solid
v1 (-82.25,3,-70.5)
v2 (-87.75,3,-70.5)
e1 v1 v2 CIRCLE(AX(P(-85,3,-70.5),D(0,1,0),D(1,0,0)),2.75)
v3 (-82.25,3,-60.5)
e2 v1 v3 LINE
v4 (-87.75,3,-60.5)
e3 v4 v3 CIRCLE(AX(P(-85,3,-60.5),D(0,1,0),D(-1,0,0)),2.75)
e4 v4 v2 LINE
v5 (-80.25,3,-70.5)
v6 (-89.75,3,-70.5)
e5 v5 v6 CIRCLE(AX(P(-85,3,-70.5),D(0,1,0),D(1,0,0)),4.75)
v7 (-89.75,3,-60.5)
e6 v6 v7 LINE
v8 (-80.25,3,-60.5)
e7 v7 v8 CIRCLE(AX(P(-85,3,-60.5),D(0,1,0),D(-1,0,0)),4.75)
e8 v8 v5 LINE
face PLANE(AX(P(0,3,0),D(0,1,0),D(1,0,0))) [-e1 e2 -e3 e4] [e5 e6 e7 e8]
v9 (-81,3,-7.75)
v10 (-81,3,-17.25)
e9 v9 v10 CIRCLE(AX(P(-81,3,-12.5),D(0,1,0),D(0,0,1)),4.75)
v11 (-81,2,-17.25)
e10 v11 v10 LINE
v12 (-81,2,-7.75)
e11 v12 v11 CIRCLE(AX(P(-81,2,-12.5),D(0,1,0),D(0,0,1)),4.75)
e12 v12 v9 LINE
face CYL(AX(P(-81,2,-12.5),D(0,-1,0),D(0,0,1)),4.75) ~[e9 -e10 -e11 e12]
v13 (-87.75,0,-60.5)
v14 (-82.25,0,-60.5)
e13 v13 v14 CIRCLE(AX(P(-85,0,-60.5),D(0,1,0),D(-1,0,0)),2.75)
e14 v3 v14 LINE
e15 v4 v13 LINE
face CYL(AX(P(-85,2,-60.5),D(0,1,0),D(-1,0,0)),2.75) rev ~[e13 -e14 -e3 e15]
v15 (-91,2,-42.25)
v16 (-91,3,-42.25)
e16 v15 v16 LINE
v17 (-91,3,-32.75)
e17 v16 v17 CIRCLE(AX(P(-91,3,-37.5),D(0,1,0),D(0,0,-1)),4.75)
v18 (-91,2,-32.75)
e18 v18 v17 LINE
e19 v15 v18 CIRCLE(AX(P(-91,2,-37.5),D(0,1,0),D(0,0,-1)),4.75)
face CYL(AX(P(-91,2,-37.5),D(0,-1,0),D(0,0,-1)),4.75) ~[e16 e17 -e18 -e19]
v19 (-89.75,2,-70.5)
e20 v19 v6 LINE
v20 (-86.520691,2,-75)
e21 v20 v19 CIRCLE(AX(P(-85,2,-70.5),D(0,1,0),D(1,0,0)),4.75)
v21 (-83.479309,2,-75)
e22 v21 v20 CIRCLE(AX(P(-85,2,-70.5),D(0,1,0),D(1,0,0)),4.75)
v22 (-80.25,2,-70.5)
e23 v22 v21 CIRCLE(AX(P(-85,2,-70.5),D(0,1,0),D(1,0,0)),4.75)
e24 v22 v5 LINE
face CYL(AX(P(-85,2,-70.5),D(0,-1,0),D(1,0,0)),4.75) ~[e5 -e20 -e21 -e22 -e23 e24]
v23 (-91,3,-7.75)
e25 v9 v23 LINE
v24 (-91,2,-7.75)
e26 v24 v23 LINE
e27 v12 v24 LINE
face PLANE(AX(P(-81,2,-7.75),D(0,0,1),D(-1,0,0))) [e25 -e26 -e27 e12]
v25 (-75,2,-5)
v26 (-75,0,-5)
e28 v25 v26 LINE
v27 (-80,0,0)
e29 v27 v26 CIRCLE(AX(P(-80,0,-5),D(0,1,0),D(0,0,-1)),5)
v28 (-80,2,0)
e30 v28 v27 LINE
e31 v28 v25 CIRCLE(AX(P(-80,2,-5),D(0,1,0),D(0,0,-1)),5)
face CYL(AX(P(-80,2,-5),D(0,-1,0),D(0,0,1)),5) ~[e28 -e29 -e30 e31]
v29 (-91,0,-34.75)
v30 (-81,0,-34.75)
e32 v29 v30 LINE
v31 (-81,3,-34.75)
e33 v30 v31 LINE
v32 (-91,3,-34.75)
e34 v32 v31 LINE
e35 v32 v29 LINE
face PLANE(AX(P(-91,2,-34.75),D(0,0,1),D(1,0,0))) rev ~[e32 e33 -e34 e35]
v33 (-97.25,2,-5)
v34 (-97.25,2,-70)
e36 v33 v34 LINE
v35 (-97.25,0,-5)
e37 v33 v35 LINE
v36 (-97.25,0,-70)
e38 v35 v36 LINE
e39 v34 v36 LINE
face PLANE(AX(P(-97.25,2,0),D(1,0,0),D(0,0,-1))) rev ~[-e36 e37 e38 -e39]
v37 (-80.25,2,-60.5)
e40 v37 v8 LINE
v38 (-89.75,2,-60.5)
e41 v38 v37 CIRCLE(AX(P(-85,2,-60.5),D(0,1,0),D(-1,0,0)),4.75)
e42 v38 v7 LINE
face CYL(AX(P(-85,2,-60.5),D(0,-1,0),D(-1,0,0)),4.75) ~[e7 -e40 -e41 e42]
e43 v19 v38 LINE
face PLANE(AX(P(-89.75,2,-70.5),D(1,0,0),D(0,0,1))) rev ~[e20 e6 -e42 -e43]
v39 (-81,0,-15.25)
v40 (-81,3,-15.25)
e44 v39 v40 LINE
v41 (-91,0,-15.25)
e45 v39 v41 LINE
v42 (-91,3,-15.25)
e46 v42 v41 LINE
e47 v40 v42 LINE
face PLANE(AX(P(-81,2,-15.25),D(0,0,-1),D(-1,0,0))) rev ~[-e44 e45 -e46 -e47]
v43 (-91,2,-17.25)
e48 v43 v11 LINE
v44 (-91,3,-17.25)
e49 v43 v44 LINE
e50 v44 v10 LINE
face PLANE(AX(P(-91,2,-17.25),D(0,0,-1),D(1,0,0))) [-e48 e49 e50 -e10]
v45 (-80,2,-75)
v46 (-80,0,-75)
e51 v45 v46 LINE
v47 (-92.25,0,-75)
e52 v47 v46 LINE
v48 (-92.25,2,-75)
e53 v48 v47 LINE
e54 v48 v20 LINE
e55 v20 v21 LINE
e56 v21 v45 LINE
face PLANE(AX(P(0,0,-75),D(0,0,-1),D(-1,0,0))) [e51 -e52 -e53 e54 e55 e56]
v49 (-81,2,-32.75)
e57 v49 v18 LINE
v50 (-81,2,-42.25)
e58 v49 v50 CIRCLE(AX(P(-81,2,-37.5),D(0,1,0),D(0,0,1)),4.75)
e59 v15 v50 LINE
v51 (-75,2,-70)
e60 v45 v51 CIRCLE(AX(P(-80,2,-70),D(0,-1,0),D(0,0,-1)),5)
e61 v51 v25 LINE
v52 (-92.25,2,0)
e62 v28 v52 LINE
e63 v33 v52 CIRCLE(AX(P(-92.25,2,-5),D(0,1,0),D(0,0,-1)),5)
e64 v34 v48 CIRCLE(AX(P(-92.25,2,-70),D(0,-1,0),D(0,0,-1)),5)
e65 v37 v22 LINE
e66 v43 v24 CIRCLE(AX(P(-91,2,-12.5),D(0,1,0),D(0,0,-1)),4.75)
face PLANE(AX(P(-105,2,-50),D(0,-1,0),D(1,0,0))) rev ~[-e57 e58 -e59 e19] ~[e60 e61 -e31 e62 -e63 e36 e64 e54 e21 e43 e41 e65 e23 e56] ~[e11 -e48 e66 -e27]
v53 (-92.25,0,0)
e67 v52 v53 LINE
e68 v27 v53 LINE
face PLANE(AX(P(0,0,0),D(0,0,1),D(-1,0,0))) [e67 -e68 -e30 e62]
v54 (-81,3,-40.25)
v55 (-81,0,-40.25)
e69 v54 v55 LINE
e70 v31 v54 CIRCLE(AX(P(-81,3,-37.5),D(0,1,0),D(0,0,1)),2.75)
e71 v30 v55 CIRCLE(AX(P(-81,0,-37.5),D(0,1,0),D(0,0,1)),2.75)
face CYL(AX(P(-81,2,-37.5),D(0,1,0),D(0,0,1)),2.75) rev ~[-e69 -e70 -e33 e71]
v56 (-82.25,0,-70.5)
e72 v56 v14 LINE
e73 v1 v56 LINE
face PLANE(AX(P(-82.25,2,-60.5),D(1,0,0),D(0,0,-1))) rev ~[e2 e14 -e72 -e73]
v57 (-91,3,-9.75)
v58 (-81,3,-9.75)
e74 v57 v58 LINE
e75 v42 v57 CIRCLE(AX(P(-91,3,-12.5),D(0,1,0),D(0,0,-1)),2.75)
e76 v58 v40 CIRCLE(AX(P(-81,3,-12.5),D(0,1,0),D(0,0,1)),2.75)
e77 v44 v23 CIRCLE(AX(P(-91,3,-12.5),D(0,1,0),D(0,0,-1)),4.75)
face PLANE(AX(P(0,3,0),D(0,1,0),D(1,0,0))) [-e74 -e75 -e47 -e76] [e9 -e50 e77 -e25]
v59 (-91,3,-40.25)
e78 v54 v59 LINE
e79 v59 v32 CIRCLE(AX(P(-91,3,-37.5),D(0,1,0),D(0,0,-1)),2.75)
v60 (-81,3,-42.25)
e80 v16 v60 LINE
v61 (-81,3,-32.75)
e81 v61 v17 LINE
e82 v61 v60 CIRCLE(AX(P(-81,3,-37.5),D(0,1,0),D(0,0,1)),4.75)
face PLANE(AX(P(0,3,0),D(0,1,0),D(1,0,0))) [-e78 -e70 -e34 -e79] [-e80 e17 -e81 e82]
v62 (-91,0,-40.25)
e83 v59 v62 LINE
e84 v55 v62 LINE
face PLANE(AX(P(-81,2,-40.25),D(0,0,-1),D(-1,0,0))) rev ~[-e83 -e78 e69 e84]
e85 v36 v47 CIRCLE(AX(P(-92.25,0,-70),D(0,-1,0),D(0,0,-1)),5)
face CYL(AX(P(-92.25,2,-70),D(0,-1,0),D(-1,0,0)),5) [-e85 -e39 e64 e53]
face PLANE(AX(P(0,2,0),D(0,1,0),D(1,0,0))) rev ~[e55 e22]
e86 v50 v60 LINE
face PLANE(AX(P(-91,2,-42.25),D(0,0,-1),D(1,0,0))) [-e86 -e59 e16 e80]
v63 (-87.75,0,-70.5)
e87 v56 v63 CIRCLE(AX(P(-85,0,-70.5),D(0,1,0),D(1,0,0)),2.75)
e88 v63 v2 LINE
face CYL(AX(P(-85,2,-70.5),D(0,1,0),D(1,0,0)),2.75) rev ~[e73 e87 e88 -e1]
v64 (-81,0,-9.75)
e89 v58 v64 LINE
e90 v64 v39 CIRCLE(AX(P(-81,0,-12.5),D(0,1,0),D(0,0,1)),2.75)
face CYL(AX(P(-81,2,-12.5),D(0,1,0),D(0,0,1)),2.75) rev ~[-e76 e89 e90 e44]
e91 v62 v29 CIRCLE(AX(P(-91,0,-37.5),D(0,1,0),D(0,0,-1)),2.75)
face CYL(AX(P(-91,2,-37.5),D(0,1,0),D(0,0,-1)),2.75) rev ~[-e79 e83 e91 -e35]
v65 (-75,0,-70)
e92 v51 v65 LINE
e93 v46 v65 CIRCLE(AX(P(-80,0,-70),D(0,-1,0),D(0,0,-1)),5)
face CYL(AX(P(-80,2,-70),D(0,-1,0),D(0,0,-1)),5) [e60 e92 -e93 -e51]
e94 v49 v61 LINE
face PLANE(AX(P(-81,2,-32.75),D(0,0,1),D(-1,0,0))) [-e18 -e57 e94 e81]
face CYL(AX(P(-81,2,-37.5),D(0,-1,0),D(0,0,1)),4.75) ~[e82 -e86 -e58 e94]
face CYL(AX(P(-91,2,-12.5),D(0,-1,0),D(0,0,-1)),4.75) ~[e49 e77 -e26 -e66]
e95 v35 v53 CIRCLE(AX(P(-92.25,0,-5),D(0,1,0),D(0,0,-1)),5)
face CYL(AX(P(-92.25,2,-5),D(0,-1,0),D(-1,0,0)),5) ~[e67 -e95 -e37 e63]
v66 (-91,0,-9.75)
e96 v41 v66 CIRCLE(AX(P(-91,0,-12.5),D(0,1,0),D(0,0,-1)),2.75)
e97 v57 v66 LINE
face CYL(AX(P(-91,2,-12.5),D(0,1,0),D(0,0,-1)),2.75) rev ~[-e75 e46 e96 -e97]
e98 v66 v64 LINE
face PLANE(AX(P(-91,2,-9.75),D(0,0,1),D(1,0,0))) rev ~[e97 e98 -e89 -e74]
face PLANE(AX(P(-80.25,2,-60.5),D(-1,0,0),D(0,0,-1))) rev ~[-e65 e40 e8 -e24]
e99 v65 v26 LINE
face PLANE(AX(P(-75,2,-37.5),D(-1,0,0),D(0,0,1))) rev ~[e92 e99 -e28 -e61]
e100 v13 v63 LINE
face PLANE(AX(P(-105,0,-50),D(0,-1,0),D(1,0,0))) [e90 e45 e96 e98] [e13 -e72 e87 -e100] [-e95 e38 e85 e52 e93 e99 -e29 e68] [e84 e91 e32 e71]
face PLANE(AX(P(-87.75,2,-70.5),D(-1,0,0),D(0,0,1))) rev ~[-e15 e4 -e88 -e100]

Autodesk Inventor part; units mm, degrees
ref_plane "YZ Plane" through (0, 0, 0) normal (1, 0, 0) x (0, 1, 0)
ref_plane "XZ Plane" through (0, 0, 0) normal (0, 1, 0) x (-1, 0, 0)
ref_plane "XY Plane" through (0, 0, 0) normal (0, 0, 1) x (1, 0, 0)
sketch "Sketch1" plane through (0, 0, 0) normal (0, 1, 0) x (-1, 0, 0)
  line L0 (0, 0) -> (105, 0)
  line L1 (105, 0) -> (105, -50)
  line L2 (105, -50) -> (0, -50)
  line L3 (0, -50) -> (0, 0)
  line L4 (0, 0) -> (0, -16.6667)
  line L5 (0, -16.6667) -> (11, -16.6667)
  dimension "d0" = 105
  dimension "d1" = 50
  dimension "d2" = 16.6667
  dimension "d3" = 11
extrude "Extrusion1" add sketch "Sketch1" along normal blind 2
sketch "Sketch3" plane through (0, 2, 0) normal (0, 1, 0) x (1, 0, 0)
  circle A0 centre (-20, 12.5) radius 2.75
  line L0 (0, 0) -> (0, 50) projected
  line L1 (-105, 0) -> (0, 0) projected
  circle A1 centre (-20, 37.5) radius 2.75
  dimension "d21" = 5.5
  dimension "d22" = 20
  dimension "d23" = 12.5
  dimension "d26" = 25
extrude "Extrusion3" cut sketch "Sketch3" against normal through all
sketch "Sketch4" plane through (0, 2, 0) normal (0, 1, 0) x (1, 0, 0)
  circle A0 centre (-20, 12.5) radius 2.75 projected
  line L0 (-20, 12.5) -> (-81, 12.5)
  line L1 (-81, 12.5) -> (-91, 12.5) construction
  line L2 (-81, 15.25) -> (-91, 15.25)
  line L3 (-91, 9.75) -> (-81, 9.75)
  arc A1 (-81, 9.75) -> (-81, 15.25) centre (-81, 12.5) ccw
  arc A2 (-91, 15.25) -> (-91, 9.75) centre (-91, 12.5) ccw
  point P0 (0, 0)
  point P1 (-86, 12.5)
  dimension "d33" = 61
  dimension "d34" = 10
  dimension "d35" = 5.5
extrude "Extrusion4" cut sketch "Sketch4" against normal through all contours A1 L3 A2 L2
pattern_linear "Rectangular Pattern2" count 2 spacing 25 along (0, 0, -1) of "Extrusion4"
sketch "Sketch5" plane through (0, 0, -50) normal (0, 0, -1) x (-1, 0, 0)
  line L0 (105, 0) -> (105, 2) projected
  line L1 (105, 0) -> (0, 0) projected
  line L2 (105, 2) -> (75, 2)
  line L3 (75, 2) -> (75, 0)
  line L4 (75, 0) -> (105, 0)
  line L5 (105, 0) -> (105, 2)
  dimension "d45" = 30
extrude "Extrusion5" add sketch "Sketch5" along normal blind 25
sketch "Sketch6" plane through (0, 2, 0) normal (0, 1, 0) x (1, 0, 0)
  line L0 (-85, 60.5) -> (-85, 70.5) construction
  line L1 (-82.25, 60.5) -> (-82.25, 70.5)
  line L2 (-87.75, 70.5) -> (-87.75, 60.5)
  arc A0 (-87.75, 60.5) -> (-82.25, 60.5) centre (-85, 60.5) ccw
  arc A1 (-82.25, 70.5) -> (-87.75, 70.5) centre (-85, 70.5) ccw
  line L3 (-75, 50) -> (-75, 75) projected
  arc A2 (-91, 40.25) -> (-91, 34.75) centre (-91, 37.5) ccw projected
  point P0 (0, 0)
  point P1 (-85, 65.5)
  dimension "d48" = 10
  dimension "d49" = 5.5
  dimension "d50" = 10
  dimension "d51" = 28
extrude "Extrusion6" cut sketch "Sketch6" against normal through all
fillet "Fillet2" radius 5 6 edges at (-105, 1, 0) (0, 1, 0) (-75, 1, -75) (-105, 1, -75) (0, 1, -50) (-75, 1, -50)
sketch "Sketch7" plane through (0, 2, 0) normal (0, 1, 0) x (1, 0, 0)
  circle A0 centre (-20, 12.5) radius 2.75 projected
  line L0 (-20, 12.5) -> (-42, 12.5)
  line L1 (-42, 12.5) -> (-62, 12.5)
  circle A1 centre (-62, 12.5) radius 2.75
  circle A2 centre (-42, 12.5) radius 2.75
  line L2 (0, 5) -> (0, 45) projected
  line L3 (0, 0) -> (0, 45)
  circle A3 centre (-42, 37.5) radius 2.75
  circle A4 centre (-62, 37.5) radius 2.75
  dimension "d55" = 22
  dimension "d56" = 20
  dimension "d57" = 5.5
  dimension "d58" = 5.5
  dimension "d61" = 25
extrude "Extrusion7" cut sketch "Sketch7" against normal through all contours A1 | A2 L1 L0 | L0 L1 A2 | A3 | A4
sketch "Sketch9" plane through (0, 2, 0) normal (0, 1, 0) x (1, 0, 0)
  point P0 (0, 0)
sketch "Sketch10" plane through (0, 2, 0) normal (0, 1, 0) x (1, 0, 0)
  circle A0 centre (-100, 70) radius 2.75
  line L0 (-100, 75) -> (-80, 75) projected
  line L1 (-105, 5) -> (-105, 70) projected
  circle A1 centre (-100, 5) radius 2.75
  line L2 (-100, 0) -> (-5, 0) projected
  circle A2 centre (-5, 45) radius 2.75
  line L3 (-5, 50) -> (-70, 50) projected
  line L4 (0, 5) -> (0, 45) projected
  circle A3 centre (-5, 5) radius 2.75
  point P0 (0, 0)
  dimension "d70" = 5.5
  dimension "d71" = 5
  dimension "d72" = 5
  dimension "d73" = 5.5
  dimension "d74" = 5
  dimension "d75" = 5
  dimension "d76" = 5.5
  dimension "d77" = 5
  dimension "d78" = 5
  dimension "d79" = 5.5
  dimension "d80" = 5
  dimension "d81" = 5
extrude "Extrusion9" cut sketch "Sketch10" against normal through all
sketch "Sketch11" plane through (0, 2, 0) normal (0, 1, 0) x (1, 0, 0)
  circle A0 centre (-20, 37.5) radius 2.75 projected
  line L0 (-20, 37.5) -> (-75, 37.5)
  line L1 (-75, 55) -> (-75, 70) projected
  line L2 (-75, 70) -> (-75, -9.6878)
  arc A1 (-75, 70) -> (-80, 75) centre (-80, 70) ccw projected
  line L3 (-75, 70) -> (-75, 84.2747)
  line L4 (-75, 84.2747) -> (39.8676, 84.2747)
  line L5 (39.8676, 84.2747) -> (39.8676, -9.6878)
  line L6 (39.8676, -9.6878) -> (-75, -9.6878)
  line L7 (-75, -9.6878) -> (-75, 84.2747)
  point P0 (0, 0)
  dimension "d86" = 55
extrude "Extrusion10" cut sketch "Sketch11" against normal through all
sketch "Sketch12" plane through (0, 2, 0) normal (0, 1, 0) x (1, 0, 0)
  line L0 (-108.4427, 0) -> (-97.25, 0)
  line L1 (-97.25, 0) -> (-97.25, 76.8209)
  line L2 (-97.25, 76.8209) -> (-108.4427, 76.8209)
  line L3 (-108.4427, 76.8209) -> (-108.4427, 0)
  point P0 (0, 0)
extrude "Extrusion11" cut sketch "Sketch12" against normal through all
fillet "Fillet3" radius 5 3 edges at (-97.25, 1, -75) (-97.25, 1, 0) (-75, 1, 0)
sketch "Sketch13" plane through (0, 2, 0) normal (0, 1, 0) x (1, 0, 0)
  arc A0 (-91, 40.25) -> (-91, 34.75) centre (-91, 37.5) ccw projected
  arc A1 (-81, 34.75) -> (-81, 40.25) centre (-81, 37.5) ccw projected
  line L0 (-91, 37.5) -> (-81, 37.5) construction
  line L1 (-91, 34.75) -> (-81, 34.75)
  line L2 (-81, 40.25) -> (-91, 40.25)
  arc A2 (-91, 40.25) -> (-91, 34.75) centre (-91, 37.5) ccw
  arc A3 (-81, 34.75) -> (-81, 40.25) centre (-81, 37.5) ccw
  arc A4 (-91, 15.25) -> (-91, 9.75) centre (-91, 12.5) ccw projected
  arc A5 (-81, 9.75) -> (-81, 15.25) centre (-81, 12.5) ccw projected
  line L3 (-91, 12.5) -> (-81, 12.5) construction
  line L4 (-91, 9.75) -> (-81, 9.75)
  line L5 (-81, 15.25) -> (-91, 15.25)
  arc A6 (-91, 15.25) -> (-91, 9.75) centre (-91, 12.5) ccw
  arc A7 (-81, 9.75) -> (-81, 15.25) centre (-81, 12.5) ccw
  line L6 (-91, 17.25) -> (-81, 17.25)
  arc A8 (-81, 7.75) -> (-81, 17.25) centre (-81, 12.5) ccw
  line L7 (-81, 7.75) -> (-91, 7.75)
  arc A9 (-91, 17.25) -> (-91, 7.75) centre (-91, 12.5) ccw
  line L8 (-91, 42.25) -> (-81, 42.25)
  arc A10 (-81, 32.75) -> (-81, 42.25) centre (-81, 37.5) ccw
  line L9 (-81, 32.75) -> (-91, 32.75)
  arc A11 (-91, 42.25) -> (-91, 32.75) centre (-91, 37.5) ccw
  arc A12 (-87.75, 60.5) -> (-82.25, 60.5) centre (-85, 60.5) ccw projected
  arc A13 (-82.25, 70.5) -> (-87.75, 70.5) centre (-85, 70.5) ccw projected
  line L10 (-85, 60.5) -> (-85, 70.5) construction
  line L11 (-87.75, 60.5) -> (-87.75, 70.5)
  line L12 (-82.25, 70.5) -> (-82.25, 60.5)
  arc A14 (-87.75, 60.5) -> (-82.25, 60.5) centre (-85, 60.5) ccw
  arc A15 (-82.25, 70.5) -> (-87.75, 70.5) centre (-85, 70.5) ccw
  line L13 (-80.25, 60.5) -> (-80.25, 70.5)
  arc A16 (-80.25, 70.5) -> (-89.75, 70.5) centre (-85, 70.5) ccw
  line L14 (-89.75, 70.5) -> (-89.75, 60.5)
  arc A17 (-89.75, 60.5) -> (-80.25, 60.5) centre (-85, 60.5) ccw
  point P0 (0, 0)
  point P1 (-86, 37.5)
  point P2 (-86, 12.5)
  point P3 (-85, 65.5)
  dimension "d92" = 2
  dimension "d93" = 2
  dimension "d94" = 2
extrude "Extrusion12" add sketch "Sketch13" along normal blind 1
properties part number "Belt_Restraint"
